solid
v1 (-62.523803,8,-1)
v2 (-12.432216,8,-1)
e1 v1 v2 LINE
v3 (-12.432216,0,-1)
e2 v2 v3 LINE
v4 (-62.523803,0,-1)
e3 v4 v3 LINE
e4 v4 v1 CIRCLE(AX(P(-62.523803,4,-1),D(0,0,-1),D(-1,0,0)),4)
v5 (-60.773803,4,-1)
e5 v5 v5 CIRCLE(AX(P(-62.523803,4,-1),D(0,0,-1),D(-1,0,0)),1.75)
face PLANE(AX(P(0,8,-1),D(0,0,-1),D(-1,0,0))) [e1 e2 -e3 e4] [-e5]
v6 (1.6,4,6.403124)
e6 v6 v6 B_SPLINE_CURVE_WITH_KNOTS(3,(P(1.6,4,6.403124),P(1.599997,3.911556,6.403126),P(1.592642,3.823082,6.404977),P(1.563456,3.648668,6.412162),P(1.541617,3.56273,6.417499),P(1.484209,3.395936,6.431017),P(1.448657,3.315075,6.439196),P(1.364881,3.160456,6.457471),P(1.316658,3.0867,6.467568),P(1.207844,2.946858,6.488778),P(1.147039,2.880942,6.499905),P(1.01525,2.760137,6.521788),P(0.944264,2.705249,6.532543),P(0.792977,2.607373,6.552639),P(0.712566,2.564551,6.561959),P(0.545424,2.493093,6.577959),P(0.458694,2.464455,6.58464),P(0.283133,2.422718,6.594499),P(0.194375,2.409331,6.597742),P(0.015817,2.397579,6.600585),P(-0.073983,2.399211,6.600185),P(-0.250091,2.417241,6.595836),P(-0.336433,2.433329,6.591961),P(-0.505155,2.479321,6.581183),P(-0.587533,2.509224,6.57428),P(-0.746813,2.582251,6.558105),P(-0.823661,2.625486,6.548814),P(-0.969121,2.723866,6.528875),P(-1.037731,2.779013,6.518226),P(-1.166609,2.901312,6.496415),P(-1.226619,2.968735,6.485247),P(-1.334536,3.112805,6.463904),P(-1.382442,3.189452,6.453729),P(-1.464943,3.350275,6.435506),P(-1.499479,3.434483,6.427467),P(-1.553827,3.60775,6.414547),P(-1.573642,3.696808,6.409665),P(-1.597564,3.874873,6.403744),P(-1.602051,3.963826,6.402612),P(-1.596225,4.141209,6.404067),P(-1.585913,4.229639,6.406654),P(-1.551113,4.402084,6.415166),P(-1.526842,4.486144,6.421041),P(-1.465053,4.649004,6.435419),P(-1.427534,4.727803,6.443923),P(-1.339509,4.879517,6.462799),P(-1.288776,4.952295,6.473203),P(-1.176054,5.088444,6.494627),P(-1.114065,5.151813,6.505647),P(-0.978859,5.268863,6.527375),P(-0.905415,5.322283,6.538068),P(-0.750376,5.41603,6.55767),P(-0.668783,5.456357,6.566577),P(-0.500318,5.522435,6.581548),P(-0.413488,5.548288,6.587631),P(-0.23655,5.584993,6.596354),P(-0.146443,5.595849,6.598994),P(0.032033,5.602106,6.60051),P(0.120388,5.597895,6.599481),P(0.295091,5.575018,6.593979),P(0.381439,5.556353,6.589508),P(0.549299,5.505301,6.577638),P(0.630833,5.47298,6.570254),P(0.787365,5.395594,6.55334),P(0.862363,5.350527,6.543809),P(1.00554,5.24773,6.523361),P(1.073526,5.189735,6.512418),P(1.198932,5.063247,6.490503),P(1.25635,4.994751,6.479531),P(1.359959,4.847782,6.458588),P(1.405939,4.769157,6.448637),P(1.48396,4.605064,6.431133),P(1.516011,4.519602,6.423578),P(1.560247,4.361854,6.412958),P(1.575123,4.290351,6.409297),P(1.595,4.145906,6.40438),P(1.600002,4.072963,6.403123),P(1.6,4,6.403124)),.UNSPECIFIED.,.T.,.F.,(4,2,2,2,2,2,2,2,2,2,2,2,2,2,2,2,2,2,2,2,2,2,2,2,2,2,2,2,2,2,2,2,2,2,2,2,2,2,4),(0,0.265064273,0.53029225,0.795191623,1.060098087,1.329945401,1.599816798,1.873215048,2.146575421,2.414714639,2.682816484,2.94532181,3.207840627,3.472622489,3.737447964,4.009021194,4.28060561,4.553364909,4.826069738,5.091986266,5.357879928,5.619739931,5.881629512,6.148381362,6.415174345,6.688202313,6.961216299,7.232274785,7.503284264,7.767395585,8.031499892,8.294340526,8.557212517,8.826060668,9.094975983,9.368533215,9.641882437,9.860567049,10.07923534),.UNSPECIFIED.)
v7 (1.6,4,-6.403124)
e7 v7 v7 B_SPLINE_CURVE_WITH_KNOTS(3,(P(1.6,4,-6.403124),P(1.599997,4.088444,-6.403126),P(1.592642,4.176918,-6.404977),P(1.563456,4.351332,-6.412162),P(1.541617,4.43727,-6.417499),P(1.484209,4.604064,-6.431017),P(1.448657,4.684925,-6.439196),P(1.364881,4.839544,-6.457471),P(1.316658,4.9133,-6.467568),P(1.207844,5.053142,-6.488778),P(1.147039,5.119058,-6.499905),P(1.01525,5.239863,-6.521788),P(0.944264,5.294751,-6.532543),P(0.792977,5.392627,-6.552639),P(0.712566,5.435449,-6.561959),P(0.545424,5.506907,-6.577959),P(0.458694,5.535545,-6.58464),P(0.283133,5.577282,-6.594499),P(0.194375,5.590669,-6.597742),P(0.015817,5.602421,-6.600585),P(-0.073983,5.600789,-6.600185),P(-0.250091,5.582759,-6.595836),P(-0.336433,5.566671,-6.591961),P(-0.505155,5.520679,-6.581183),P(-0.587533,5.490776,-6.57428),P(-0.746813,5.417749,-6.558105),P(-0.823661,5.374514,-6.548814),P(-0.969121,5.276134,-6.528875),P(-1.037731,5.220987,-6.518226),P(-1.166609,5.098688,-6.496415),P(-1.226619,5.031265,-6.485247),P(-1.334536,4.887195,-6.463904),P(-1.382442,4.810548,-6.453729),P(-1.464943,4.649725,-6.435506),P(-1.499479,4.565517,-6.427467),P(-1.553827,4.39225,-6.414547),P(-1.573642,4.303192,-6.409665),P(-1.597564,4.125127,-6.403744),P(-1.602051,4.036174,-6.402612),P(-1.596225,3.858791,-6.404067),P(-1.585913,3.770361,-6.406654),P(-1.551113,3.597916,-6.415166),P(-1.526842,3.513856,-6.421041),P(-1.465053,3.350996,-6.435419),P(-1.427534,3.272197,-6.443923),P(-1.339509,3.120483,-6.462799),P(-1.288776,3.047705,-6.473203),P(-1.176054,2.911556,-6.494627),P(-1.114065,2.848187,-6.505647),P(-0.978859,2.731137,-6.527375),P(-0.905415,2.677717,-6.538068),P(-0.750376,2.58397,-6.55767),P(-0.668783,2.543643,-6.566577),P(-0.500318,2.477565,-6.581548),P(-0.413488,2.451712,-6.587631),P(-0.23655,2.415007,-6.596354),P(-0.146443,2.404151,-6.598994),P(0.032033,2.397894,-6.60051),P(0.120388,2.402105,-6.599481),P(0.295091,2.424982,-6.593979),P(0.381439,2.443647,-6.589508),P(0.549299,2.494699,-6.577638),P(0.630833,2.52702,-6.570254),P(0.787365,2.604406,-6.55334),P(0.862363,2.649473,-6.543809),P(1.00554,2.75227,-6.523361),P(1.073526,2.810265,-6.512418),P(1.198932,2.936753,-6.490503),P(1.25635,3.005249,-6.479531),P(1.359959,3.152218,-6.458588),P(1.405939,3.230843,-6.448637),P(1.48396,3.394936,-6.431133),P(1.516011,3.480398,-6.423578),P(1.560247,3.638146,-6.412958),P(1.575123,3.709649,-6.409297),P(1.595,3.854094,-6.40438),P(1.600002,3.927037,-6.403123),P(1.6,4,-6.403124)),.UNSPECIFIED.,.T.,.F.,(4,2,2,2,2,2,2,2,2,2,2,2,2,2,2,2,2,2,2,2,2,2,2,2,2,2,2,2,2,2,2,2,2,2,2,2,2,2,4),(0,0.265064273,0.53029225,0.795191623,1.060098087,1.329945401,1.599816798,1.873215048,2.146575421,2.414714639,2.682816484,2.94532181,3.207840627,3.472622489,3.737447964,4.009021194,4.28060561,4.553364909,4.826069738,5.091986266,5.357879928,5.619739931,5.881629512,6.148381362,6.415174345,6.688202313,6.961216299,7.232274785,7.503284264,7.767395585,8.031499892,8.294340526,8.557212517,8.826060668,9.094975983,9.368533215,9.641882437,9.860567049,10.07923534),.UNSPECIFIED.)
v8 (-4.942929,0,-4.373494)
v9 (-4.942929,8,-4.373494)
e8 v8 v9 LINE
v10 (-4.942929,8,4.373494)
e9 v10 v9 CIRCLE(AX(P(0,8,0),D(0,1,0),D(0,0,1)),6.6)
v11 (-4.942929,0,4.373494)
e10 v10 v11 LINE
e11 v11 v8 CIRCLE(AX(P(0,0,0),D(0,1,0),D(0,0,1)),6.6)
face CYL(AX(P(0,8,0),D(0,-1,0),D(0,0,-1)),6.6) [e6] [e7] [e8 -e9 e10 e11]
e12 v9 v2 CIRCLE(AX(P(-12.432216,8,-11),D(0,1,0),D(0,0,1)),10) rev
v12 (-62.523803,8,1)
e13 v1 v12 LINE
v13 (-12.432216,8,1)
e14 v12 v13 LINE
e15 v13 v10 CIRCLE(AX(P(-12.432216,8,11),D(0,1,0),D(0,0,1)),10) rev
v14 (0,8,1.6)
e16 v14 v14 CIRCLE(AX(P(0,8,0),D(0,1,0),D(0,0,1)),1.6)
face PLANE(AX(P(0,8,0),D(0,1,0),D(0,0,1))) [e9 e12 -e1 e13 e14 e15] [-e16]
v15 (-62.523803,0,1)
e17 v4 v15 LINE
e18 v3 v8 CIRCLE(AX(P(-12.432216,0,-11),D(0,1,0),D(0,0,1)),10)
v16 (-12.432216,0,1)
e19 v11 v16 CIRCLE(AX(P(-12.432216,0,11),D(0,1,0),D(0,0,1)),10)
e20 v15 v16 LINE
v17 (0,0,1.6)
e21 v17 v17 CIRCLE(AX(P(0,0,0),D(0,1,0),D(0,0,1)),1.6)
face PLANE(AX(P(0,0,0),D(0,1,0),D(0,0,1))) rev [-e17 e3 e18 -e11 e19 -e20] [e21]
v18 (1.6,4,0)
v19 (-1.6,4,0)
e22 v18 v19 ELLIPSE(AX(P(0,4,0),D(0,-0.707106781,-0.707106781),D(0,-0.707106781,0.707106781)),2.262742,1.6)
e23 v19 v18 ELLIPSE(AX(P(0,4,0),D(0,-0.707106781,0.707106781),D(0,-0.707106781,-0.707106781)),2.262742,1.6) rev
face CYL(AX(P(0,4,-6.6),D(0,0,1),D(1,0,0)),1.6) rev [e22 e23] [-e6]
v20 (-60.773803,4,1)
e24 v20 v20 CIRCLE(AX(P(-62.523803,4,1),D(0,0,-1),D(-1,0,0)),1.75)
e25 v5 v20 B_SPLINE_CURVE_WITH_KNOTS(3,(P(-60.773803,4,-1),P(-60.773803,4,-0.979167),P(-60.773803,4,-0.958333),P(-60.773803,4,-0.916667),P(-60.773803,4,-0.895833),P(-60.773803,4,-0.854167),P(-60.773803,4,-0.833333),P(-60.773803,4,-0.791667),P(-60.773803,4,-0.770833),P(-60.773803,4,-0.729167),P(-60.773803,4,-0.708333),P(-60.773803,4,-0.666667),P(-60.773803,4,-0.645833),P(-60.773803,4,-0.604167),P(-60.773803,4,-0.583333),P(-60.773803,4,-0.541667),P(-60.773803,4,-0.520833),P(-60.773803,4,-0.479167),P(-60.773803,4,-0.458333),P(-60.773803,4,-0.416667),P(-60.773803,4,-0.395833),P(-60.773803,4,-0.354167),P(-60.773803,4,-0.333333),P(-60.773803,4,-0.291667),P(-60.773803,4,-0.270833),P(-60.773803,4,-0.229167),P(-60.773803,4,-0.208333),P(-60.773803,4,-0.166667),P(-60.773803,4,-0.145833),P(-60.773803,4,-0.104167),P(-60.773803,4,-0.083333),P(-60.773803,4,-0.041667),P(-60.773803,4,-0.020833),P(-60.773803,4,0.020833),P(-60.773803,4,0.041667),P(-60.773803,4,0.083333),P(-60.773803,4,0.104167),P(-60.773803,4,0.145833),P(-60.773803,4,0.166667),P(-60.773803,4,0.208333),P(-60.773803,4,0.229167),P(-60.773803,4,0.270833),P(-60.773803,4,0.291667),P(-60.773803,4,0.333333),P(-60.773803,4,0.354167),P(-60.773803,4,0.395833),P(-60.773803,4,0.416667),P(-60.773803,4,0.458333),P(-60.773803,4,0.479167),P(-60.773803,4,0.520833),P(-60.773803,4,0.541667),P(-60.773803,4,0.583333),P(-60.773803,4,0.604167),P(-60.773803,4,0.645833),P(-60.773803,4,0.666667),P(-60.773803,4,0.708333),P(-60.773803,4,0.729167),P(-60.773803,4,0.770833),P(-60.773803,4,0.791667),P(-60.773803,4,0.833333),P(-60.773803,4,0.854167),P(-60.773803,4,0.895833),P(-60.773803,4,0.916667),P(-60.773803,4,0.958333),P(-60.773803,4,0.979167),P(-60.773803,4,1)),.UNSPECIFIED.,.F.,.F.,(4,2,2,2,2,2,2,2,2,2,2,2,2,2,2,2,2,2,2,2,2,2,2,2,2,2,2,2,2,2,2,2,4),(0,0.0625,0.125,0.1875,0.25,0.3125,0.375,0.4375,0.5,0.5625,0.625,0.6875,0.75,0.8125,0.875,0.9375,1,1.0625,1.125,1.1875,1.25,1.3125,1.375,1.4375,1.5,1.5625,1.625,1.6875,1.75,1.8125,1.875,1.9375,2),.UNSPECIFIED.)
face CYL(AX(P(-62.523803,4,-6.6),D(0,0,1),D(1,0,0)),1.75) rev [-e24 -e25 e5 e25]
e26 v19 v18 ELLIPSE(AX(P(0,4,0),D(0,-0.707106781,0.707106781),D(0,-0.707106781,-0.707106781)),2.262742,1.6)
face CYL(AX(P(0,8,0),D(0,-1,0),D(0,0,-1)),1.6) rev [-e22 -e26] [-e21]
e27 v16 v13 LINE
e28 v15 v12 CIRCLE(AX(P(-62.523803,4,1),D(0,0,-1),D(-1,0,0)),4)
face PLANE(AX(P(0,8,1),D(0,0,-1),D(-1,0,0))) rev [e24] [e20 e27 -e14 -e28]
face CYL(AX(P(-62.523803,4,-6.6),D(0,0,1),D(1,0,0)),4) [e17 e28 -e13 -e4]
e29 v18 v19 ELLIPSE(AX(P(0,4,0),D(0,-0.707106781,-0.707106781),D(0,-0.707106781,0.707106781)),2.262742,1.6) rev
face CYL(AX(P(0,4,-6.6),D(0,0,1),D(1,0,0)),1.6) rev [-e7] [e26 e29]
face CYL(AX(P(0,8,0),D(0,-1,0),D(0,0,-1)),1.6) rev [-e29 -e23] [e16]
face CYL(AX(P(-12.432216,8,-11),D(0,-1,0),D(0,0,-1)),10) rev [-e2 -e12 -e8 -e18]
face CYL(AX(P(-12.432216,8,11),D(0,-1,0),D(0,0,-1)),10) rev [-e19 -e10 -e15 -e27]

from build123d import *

# Parameters (mm, degrees)
SKETCH1_R               = 1.6
BOSS_EXTRUDE1_DEPTH     = 8
CUT_EXTRUDE1_DEPTH      = 68.432753975
CUT_EXTRUDE1_DEPTH_BACK = 68.432753975
SKETCH2_R               = 1.75
SKETCH2_R_2             = 1.6
FILLET1_R               = 10


with BuildPart() as part:
    # Sketch1 → Boss-Extrude1 (new body)
    with BuildSketch(Plane(origin=(0, 0, 0), x_dir=(1, 0, 0), z_dir=(0, 1, 0))):
        with BuildLine():
            Line((-6.523802572, 1), (-66.523802572, 1))
            Line((-66.523802572, 1), (-66.523802572, -1))
            Line((-66.523802572, -1), (-6.523802572, -1))
            ThreePointArc((-6.523802572, -1), (0, -6.6), (6.523802572, -1))
            ThreePointArc((6.523802572, -1), (6.6, 0), (6.523802572, 1))
            ThreePointArc((6.523802572, 1), (0, 6.6), (-6.523802572, 1))
        make_face()
        with Locations(Location((0, 0, 0), (0, 0, 270))):
            Circle(SKETCH1_R, mode=Mode.SUBTRACT)
    extrude(amount=BOSS_EXTRUDE1_DEPTH)

    # Sketch2 → Cut-Extrude1 (cut, two sides: drawn at the far end of the back side and taken through both)
    with BuildSketch(Plane.XY.offset(1).offset(-CUT_EXTRUDE1_DEPTH_BACK)):
        with BuildLine():
            Line((-66.523802572, 8), (-66.523802572, 4))
            ThreePointArc((-66.523802572, 4), (-65.352229697, 6.828427125), (-62.523802572, 8))
            Line((-62.523802572, 8), (-66.523802572, 8))
        make_face()
        with BuildLine():
            Line((-66.523802572, 4), (-66.523802572, 0))
            Line((-66.523802572, 0), (-62.523802572, 0))
            ThreePointArc((-62.523802572, 0), (-65.352229697, 1.171572875), (-66.523802572, 4))
        make_face()
        with Locations((-62.523802572, 4)):
            Circle(SKETCH2_R)
        with Locations((0, 4)):
            Circle(SKETCH2_R_2)
    extrude(amount=CUT_EXTRUDE1_DEPTH + CUT_EXTRUDE1_DEPTH_BACK, mode=Mode.SUBTRACT)

    # Fillet1
    fillet1_edges = [part.edges().sort_by_distance(p)[0] for p in [
        (-6.523802572, 4, 1),
        (-6.523802572, 4, -1),
    ]]
    fillet(fillet1_edges, radius=FILLET1_R)


solid = part.part
